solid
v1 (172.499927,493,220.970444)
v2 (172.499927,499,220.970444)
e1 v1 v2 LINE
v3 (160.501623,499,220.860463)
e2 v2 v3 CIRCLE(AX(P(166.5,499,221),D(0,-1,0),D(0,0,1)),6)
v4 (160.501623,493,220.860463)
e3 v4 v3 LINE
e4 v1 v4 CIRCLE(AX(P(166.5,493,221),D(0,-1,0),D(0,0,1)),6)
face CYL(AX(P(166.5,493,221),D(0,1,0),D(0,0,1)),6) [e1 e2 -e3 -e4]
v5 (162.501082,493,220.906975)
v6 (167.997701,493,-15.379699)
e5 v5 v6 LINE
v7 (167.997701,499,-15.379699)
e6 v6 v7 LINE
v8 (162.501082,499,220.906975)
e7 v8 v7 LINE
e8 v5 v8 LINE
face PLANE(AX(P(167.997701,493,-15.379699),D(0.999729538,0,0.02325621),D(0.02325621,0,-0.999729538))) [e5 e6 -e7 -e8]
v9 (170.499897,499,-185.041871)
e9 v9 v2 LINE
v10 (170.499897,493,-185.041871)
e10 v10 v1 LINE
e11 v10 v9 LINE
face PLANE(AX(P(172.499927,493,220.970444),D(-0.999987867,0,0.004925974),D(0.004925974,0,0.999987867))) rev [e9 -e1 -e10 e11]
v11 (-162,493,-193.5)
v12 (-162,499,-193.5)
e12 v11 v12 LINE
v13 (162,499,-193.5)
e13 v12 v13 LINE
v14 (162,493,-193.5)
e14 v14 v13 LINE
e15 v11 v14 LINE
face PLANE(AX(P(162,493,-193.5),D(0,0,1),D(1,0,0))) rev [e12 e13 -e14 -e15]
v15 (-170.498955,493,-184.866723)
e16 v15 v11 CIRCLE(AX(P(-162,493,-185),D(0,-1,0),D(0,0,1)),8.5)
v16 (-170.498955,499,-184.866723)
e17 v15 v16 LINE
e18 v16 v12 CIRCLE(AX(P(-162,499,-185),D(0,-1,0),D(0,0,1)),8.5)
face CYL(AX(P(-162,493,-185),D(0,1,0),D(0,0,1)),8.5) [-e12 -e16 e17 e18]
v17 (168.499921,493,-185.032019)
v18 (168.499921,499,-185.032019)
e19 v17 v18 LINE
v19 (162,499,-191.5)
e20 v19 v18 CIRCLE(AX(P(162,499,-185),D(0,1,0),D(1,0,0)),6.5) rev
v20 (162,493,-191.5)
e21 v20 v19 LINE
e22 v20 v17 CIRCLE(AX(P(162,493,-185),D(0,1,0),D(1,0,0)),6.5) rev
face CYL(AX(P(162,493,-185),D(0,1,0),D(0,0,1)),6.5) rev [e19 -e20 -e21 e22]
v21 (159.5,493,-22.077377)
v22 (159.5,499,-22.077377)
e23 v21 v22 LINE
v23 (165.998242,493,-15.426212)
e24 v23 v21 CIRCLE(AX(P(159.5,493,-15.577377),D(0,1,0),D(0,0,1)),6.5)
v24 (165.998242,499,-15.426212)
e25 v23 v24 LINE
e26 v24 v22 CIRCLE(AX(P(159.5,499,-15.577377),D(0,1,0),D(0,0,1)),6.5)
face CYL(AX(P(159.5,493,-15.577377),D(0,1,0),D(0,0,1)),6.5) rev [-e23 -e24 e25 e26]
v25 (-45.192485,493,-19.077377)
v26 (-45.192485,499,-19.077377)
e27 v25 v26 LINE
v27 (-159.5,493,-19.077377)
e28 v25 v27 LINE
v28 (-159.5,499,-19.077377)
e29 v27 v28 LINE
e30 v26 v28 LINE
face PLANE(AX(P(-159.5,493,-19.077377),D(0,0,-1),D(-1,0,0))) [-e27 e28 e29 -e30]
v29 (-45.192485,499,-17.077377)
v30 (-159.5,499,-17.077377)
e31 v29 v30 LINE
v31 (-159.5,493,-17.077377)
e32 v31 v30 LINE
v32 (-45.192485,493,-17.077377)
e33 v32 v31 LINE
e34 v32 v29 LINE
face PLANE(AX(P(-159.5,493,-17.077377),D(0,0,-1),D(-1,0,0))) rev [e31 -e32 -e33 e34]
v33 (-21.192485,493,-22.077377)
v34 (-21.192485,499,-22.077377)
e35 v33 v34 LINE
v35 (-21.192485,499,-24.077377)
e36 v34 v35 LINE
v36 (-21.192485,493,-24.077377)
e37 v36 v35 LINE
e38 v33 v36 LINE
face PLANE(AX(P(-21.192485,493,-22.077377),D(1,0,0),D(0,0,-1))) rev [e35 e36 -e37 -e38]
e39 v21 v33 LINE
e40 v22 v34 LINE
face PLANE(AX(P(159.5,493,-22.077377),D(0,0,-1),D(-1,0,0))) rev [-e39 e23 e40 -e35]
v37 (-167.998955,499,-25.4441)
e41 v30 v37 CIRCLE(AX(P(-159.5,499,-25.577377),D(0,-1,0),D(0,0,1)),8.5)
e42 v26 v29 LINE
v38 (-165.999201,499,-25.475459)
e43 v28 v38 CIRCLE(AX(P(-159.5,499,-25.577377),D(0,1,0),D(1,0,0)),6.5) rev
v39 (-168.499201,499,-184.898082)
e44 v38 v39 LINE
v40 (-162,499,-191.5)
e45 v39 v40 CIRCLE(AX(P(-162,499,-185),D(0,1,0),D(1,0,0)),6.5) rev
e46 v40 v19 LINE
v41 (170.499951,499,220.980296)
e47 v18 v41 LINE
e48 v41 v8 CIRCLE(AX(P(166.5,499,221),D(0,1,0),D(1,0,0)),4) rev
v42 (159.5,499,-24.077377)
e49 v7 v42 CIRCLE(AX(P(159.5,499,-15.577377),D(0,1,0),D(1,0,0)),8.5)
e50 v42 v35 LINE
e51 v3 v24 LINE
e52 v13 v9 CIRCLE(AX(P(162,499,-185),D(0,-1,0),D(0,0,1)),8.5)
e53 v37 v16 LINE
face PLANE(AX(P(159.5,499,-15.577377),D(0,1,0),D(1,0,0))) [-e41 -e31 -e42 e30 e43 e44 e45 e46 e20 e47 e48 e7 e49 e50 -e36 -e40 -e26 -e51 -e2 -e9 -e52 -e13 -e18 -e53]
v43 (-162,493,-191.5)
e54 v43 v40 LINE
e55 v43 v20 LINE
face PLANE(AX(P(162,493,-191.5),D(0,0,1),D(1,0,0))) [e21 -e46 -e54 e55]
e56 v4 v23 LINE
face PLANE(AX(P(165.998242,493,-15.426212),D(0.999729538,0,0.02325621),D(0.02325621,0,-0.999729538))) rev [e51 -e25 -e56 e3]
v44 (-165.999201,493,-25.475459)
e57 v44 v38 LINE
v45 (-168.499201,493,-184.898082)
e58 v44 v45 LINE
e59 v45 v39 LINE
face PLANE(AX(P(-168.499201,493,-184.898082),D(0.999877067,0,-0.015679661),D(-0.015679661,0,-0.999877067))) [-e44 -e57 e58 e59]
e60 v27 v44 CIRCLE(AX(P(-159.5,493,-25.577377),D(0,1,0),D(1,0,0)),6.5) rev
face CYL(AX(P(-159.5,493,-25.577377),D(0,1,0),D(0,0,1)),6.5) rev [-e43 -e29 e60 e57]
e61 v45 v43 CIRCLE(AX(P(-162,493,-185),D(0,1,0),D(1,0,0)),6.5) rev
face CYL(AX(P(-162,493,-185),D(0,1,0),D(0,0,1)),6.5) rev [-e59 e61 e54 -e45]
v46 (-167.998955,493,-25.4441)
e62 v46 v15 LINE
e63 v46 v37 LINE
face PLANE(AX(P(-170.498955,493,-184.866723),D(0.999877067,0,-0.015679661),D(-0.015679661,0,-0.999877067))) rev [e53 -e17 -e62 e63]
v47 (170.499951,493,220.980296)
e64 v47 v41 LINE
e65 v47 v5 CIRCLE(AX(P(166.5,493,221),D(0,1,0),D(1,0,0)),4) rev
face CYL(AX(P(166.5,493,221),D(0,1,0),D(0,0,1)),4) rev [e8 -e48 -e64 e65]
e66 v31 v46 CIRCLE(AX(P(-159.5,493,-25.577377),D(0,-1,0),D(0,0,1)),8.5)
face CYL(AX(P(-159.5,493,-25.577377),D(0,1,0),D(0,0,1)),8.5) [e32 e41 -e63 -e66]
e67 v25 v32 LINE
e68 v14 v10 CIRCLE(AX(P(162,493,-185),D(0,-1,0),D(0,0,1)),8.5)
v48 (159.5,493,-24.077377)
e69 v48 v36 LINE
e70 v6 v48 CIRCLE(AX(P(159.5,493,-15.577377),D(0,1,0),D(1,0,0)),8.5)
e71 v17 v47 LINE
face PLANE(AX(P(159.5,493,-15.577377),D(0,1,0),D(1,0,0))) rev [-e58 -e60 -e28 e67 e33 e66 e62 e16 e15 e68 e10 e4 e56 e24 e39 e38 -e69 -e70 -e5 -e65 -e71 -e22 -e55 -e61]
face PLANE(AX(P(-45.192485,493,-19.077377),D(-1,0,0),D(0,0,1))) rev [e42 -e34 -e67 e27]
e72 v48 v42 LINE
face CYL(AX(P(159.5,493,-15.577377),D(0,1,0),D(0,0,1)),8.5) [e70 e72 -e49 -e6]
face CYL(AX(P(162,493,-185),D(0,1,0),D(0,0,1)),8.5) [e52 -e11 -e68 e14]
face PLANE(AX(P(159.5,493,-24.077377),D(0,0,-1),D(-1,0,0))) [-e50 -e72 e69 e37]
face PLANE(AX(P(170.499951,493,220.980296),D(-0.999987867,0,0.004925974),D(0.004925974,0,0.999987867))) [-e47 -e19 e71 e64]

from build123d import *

# Parameters (mm, degrees)
EXTRUDE_THIN1_DEPTH      = 5
EXTRUDE_THIN1_DEPTH_BACK = 1


with BuildPart() as part:
    # Sketch1 → Extrude-Thin1 (new, two sides: drawn at the far end of the back side and taken through both)
    with BuildSketch(Plane(origin=(0, 494, 0), x_dir=(1, 0, 0), z_dir=(0, 1, 0)).offset(-EXTRUDE_THIN1_DEPTH_BACK)):
        with BuildLine():
            Line((-21.192485275, 22.077376905), (159.5, 22.077376905))
            ThreePointArc((159.5, 22.077376905), (164.149331935, 20.119811555), (165.998241995, 15.426211538))
            Line((165.998241995, 15.426211538), (160.501622773, -220.860462738))
            ThreePointArc((160.501622773, -220.860462738), (166.44500383, -226.999747946), (172.499927204, -220.970444157))
            Line((172.499927204, -220.970444157), (170.499896872, 185.041870778))
            ThreePointArc((170.499896872, 185.041870778), (167.995585809, 191.02519301), (162, 193.5))
            Line((162, 193.5), (-162, 193.5))
            ThreePointArc((-162, 193.5), (-168.057344942, 190.963100892), (-170.498955066, 184.866722883))
            Line((-170.498955066, 184.866722883), (-167.998955066, 25.444099787))
            ThreePointArc((-167.998955066, 25.444099787), (-165.463100892, 19.520031962), (-159.5, 17.077376905))
            Line((-159.5, 17.077376905), (-45.192485275, 17.077376905))
            Line((-45.192485275, 17.077376905), (-45.192485275, 19.077376905))
            Line((-45.192485275, 19.077376905), (-159.5, 19.077376905))
            ThreePointArc((-159.5, 19.077376905), (-164.060018329, 20.945289596), (-165.999200933, 25.475459109))
            Line((-165.999200933, 25.475459109), (-168.499200933, 184.898082204))
            ThreePointArc((-168.499200933, 184.898082204), (-166.632087309, 189.560018329), (-162, 191.5))
            Line((-162, 191.5), (162, 191.5))
            ThreePointArc((162, 191.5), (166.584859736, 189.607500537), (168.499921138, 185.03201883))
            Line((168.499921138, 185.03201883), (170.499951469, -220.980296104))
            ThreePointArc((170.499951469, -220.980296104), (166.463335887, -224.999831964), (162.501081849, -220.906975159))
            Line((162.501081849, -220.906975159), (167.997701071, 15.379699117))
            ThreePointArc((167.997701071, 15.379699117), (165.579895607, 21.517483756), (159.5, 24.077376905))
            Line((159.5, 24.077376905), (-21.192485275, 24.077376905))
            Line((-21.192485275, 24.077376905), (-21.192485275, 22.077376905))
        make_face()
    extrude(amount=EXTRUDE_THIN1_DEPTH + EXTRUDE_THIN1_DEPTH_BACK)


solid = part.part
